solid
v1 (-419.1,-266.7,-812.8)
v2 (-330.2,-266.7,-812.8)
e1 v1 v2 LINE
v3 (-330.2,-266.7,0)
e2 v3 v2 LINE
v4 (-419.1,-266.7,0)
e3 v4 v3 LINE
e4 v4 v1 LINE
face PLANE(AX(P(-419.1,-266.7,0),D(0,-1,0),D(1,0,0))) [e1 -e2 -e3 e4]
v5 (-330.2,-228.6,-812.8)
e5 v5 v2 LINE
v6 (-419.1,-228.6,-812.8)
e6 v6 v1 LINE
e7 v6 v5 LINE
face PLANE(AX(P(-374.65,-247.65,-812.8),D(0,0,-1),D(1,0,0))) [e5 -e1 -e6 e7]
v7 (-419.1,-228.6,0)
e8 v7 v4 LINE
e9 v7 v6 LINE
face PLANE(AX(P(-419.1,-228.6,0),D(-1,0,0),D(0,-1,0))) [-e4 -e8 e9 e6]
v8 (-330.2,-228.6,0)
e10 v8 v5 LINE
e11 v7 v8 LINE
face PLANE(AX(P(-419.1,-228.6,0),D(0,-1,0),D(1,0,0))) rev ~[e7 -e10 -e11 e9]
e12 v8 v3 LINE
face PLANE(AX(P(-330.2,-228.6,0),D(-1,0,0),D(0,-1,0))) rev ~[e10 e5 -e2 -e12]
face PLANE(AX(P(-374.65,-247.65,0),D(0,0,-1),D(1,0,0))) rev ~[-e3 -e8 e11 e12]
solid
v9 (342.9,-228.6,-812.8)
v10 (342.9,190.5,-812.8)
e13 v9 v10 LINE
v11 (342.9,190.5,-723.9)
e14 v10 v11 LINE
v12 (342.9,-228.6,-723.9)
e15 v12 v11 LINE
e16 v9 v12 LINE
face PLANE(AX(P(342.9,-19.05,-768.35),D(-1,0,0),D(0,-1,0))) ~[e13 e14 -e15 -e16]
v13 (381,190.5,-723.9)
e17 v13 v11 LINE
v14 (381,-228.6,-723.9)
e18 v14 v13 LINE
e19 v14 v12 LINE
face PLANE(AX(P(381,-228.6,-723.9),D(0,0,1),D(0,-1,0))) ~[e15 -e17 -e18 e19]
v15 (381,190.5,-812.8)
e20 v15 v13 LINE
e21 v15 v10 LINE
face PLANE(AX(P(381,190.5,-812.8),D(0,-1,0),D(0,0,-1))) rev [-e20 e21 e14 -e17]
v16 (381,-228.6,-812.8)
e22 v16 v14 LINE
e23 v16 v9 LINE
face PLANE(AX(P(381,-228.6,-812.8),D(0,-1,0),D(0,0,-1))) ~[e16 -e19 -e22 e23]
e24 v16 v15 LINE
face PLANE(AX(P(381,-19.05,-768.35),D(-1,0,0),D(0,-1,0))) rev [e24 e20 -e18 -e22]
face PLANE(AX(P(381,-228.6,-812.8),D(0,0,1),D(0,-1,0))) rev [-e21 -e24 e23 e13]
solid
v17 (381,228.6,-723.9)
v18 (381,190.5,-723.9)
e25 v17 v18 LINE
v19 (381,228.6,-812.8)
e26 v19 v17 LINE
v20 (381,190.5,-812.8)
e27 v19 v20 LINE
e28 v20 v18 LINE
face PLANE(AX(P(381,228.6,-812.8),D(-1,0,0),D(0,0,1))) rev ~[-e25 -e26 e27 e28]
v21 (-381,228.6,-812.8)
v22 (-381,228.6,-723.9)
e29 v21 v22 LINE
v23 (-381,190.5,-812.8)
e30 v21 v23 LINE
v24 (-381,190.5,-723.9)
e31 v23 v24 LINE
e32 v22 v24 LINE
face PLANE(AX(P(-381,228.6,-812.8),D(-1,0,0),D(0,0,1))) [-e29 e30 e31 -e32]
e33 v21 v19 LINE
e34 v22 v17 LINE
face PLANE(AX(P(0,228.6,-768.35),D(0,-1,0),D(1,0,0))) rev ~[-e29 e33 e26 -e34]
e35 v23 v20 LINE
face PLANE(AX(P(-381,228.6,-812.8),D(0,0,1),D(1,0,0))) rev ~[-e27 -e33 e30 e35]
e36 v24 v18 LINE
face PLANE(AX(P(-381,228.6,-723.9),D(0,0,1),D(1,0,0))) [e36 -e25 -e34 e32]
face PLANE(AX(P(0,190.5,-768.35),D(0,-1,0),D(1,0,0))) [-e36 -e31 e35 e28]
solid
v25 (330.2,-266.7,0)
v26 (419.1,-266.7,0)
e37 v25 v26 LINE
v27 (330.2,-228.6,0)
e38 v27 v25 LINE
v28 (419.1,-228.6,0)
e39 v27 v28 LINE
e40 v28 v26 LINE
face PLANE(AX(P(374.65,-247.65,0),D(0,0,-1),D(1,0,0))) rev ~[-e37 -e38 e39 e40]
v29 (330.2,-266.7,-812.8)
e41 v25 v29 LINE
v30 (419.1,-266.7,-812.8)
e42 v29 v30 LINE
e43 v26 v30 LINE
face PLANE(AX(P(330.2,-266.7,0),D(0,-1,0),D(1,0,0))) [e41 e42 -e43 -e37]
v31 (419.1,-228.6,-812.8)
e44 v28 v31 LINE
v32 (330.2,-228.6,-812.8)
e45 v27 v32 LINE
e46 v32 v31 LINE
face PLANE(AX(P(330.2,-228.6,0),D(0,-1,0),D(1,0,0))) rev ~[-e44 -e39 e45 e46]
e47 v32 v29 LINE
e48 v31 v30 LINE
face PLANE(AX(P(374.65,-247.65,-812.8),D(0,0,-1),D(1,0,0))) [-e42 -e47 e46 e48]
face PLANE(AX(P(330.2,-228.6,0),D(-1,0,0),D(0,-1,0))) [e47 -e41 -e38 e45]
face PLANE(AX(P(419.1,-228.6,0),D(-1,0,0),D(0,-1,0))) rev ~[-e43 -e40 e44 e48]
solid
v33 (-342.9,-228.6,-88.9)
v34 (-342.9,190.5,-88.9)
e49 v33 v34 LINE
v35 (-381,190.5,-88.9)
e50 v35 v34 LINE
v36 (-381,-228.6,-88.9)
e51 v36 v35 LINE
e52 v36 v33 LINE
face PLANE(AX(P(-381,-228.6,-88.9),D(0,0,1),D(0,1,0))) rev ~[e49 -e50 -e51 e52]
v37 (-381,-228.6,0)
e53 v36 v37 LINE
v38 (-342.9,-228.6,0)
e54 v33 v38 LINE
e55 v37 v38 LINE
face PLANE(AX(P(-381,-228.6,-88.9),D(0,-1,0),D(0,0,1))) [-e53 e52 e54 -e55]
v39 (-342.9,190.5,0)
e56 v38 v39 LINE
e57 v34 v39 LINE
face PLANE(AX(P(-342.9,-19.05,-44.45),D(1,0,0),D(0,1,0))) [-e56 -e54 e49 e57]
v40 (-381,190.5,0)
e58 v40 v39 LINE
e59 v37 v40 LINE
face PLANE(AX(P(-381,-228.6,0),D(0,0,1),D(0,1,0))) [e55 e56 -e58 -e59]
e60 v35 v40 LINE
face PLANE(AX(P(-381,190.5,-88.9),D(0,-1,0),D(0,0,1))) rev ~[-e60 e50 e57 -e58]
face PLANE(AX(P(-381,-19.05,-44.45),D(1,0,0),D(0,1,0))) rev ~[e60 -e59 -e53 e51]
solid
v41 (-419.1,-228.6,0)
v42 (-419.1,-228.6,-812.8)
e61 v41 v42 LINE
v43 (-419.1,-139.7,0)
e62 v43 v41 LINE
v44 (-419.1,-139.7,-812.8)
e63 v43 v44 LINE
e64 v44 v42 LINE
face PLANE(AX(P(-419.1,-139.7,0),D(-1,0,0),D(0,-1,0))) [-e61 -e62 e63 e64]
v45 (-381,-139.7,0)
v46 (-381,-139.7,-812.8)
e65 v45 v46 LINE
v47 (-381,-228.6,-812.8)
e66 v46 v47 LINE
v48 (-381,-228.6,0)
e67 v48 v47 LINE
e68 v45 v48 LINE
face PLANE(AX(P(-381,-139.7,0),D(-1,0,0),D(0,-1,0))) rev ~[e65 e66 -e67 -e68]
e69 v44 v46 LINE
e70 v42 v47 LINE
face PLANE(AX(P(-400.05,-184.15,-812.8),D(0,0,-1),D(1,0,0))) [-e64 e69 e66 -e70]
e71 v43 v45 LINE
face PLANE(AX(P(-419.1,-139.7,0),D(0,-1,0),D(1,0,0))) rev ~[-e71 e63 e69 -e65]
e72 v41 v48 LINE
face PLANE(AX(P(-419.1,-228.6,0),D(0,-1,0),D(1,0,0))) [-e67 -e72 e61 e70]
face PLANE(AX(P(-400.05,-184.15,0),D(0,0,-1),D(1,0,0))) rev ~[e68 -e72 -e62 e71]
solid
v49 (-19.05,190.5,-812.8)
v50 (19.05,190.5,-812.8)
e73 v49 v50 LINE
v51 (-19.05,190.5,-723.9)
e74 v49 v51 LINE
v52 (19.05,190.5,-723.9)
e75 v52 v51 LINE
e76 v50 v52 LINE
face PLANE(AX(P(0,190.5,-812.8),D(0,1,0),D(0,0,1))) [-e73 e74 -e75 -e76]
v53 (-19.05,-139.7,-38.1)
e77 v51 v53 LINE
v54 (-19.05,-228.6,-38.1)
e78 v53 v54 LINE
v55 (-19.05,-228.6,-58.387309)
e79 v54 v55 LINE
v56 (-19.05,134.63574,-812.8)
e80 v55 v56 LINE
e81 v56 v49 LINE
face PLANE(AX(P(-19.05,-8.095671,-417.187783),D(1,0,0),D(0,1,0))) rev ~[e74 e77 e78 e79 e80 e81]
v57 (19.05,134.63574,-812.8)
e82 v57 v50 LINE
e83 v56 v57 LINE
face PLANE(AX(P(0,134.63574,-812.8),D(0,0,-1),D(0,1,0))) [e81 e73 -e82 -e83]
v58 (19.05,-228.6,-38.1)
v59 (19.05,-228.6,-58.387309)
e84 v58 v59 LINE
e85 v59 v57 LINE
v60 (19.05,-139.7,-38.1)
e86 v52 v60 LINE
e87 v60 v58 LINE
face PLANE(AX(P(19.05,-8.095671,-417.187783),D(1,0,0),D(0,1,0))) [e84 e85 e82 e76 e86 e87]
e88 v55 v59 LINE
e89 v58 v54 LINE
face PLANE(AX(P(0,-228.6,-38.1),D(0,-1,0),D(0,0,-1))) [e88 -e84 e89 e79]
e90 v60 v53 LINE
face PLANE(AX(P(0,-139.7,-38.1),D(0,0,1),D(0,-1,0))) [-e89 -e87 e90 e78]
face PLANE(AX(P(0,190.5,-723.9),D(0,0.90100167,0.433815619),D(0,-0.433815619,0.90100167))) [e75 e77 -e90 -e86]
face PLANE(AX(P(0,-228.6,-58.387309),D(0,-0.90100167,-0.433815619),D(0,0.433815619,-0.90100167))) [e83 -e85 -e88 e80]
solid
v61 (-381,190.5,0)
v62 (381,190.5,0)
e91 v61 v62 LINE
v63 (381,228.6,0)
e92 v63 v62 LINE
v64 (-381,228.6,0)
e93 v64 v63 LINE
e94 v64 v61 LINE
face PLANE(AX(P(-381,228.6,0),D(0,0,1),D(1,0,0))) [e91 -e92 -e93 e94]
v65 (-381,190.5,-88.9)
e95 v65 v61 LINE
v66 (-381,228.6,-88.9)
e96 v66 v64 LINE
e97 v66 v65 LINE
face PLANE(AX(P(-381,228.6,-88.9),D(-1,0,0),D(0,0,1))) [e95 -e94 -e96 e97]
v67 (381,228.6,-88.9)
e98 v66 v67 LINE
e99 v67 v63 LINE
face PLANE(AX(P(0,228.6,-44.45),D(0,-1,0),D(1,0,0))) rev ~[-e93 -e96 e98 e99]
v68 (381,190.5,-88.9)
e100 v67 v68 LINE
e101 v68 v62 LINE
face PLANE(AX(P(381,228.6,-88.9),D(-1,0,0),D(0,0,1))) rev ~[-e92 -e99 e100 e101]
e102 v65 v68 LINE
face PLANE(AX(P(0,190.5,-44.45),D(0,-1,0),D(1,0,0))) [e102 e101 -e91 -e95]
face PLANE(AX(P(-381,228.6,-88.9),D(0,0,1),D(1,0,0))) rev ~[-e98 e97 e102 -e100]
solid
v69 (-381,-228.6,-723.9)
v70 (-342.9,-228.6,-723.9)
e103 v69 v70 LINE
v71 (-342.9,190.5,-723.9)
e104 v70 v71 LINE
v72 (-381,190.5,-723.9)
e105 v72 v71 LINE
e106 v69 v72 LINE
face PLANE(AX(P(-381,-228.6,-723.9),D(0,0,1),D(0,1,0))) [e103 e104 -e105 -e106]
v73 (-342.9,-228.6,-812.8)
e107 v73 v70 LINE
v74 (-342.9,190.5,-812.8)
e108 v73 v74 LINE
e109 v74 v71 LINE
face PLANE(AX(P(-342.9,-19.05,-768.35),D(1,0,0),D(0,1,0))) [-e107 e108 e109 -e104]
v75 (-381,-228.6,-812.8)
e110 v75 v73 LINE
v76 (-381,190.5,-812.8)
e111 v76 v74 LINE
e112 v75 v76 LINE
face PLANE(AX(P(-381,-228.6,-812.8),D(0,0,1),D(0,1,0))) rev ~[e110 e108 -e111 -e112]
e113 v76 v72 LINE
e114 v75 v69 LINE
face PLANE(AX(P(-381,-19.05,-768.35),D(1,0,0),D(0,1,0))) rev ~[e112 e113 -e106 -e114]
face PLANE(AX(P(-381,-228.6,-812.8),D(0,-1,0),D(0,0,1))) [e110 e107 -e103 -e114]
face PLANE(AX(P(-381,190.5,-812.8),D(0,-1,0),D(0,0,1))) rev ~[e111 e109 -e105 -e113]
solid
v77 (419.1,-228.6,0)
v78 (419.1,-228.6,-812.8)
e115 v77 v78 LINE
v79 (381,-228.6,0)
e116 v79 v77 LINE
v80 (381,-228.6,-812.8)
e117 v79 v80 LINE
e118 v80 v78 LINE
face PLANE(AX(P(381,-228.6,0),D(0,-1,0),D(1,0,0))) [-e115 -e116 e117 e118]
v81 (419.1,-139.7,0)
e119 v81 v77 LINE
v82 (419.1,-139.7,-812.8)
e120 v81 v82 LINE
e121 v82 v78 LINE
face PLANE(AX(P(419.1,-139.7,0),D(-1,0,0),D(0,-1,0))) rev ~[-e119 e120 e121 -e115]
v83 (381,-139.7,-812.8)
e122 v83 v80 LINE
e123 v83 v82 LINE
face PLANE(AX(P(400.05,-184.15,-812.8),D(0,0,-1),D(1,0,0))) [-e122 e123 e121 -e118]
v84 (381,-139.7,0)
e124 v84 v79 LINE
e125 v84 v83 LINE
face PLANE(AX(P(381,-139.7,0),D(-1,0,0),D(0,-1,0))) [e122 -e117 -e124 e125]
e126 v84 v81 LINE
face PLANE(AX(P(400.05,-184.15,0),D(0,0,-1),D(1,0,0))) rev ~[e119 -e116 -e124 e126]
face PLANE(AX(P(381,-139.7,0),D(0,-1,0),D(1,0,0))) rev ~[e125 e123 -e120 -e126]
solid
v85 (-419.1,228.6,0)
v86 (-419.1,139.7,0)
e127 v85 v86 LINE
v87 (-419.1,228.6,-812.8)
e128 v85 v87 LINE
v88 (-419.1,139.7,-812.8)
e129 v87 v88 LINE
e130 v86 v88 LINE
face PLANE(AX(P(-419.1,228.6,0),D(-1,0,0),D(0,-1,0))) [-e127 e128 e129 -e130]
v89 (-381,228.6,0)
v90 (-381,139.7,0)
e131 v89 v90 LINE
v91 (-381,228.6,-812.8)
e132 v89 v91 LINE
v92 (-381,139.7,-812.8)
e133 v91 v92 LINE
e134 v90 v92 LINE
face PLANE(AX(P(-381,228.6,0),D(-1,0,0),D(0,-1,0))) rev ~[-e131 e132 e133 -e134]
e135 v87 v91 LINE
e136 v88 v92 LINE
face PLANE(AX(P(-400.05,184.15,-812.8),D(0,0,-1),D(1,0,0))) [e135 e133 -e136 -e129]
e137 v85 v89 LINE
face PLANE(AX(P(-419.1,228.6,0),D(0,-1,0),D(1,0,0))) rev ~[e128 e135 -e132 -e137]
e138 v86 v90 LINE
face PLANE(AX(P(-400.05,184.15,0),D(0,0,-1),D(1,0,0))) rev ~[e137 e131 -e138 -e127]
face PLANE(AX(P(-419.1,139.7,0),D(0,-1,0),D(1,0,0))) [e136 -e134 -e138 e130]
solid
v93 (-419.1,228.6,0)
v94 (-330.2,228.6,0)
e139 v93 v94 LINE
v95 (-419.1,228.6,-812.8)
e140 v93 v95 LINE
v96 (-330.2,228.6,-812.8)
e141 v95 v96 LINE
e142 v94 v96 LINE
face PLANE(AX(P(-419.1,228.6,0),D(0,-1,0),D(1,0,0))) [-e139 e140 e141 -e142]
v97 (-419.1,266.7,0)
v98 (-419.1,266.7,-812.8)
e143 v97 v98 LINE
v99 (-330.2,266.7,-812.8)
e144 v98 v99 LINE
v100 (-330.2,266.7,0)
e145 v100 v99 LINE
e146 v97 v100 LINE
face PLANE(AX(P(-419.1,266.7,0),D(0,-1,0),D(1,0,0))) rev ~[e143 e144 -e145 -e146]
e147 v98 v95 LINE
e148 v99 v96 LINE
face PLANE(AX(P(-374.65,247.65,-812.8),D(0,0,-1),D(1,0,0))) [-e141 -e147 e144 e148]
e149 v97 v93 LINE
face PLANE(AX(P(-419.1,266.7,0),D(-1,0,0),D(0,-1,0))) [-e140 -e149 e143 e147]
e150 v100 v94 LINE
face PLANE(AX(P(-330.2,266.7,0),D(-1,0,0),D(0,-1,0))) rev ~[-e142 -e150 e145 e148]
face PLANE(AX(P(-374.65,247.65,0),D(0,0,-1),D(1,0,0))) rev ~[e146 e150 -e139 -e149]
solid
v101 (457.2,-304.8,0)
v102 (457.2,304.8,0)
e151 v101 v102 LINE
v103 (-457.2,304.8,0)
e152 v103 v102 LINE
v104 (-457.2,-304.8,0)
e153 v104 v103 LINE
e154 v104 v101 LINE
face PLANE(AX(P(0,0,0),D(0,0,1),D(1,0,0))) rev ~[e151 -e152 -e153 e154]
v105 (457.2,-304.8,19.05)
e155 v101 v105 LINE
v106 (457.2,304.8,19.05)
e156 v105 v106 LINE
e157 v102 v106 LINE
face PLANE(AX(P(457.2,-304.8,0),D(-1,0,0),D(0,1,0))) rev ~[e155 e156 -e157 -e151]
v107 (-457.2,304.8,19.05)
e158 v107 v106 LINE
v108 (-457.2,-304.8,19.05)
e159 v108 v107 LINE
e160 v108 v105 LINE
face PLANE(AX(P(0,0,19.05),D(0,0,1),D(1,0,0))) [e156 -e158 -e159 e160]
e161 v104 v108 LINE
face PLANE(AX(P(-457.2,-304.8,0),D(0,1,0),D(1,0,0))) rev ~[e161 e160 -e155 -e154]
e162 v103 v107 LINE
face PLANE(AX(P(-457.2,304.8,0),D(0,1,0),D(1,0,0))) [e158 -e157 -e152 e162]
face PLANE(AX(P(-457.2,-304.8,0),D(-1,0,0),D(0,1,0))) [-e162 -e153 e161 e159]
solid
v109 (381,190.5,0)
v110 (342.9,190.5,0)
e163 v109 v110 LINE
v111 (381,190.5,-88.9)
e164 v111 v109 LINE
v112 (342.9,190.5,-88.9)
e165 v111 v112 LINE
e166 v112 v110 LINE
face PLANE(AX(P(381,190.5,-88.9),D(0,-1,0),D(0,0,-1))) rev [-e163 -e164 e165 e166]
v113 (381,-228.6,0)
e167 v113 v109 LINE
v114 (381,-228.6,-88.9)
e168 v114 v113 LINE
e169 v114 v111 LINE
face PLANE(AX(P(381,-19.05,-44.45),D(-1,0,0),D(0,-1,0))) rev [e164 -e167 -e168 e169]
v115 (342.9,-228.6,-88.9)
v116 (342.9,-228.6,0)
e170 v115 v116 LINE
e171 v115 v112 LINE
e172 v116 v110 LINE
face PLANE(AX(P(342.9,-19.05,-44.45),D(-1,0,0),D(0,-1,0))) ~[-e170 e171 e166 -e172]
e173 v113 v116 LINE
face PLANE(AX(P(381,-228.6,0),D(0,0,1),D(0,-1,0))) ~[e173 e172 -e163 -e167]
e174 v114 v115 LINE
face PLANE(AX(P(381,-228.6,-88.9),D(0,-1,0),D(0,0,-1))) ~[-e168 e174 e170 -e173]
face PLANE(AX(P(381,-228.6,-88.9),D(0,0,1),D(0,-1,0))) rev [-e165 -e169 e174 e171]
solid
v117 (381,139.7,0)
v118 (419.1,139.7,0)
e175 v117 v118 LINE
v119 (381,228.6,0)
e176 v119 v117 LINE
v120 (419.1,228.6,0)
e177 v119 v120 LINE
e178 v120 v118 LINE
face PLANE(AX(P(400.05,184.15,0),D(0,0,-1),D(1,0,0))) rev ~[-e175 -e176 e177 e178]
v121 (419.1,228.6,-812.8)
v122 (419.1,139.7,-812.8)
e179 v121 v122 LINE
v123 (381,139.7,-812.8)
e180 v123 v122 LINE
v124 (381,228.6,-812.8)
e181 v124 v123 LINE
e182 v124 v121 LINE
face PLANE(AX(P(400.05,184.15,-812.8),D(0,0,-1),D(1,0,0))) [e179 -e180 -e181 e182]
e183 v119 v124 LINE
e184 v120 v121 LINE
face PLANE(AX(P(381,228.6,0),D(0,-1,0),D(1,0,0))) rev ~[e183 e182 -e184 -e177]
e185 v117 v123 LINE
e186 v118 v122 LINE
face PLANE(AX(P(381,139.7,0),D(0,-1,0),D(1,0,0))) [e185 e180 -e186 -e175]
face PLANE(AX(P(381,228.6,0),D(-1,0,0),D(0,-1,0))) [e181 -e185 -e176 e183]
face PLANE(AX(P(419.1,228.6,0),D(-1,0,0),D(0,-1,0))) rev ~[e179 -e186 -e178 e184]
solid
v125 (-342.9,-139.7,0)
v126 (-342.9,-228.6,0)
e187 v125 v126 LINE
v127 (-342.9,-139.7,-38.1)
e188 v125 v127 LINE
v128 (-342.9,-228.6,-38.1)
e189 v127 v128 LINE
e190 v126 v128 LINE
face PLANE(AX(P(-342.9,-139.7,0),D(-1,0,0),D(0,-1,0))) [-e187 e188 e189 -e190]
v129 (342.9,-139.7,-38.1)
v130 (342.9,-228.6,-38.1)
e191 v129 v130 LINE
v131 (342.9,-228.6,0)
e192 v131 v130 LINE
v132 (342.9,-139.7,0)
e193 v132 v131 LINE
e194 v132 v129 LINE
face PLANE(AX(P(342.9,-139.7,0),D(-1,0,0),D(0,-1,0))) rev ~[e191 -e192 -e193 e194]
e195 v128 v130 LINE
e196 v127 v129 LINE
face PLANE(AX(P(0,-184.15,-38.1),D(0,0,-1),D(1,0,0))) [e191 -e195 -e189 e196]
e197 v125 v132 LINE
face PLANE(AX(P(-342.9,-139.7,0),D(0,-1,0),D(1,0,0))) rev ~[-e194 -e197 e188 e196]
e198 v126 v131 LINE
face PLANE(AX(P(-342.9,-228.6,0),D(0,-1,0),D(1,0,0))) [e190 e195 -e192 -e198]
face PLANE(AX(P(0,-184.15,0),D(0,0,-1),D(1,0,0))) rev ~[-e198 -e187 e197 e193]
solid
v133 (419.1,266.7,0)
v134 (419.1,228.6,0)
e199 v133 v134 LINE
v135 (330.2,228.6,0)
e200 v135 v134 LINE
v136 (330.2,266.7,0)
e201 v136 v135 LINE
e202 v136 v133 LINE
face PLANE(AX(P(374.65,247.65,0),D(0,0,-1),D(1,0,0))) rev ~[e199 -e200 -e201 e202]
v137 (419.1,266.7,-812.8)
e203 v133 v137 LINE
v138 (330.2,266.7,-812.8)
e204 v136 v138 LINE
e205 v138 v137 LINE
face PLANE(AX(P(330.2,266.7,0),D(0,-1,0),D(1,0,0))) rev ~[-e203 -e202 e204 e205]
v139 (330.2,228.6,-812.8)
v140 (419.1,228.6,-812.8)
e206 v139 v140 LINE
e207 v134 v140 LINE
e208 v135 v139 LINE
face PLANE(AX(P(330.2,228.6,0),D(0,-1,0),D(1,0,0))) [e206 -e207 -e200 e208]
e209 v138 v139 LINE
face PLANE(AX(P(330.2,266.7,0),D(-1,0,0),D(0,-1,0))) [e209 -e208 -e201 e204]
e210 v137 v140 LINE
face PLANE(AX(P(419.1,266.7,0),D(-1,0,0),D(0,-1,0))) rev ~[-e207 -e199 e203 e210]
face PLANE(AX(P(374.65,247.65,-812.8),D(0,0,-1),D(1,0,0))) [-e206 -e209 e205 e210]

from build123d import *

# Parameters (mm, degrees)
F0_W      = 914.4
F0_H      = 609.6
F1_DEPTH  = 19.05
F2_W      = 88.9
F2_H      = 38.1
F3_DEPTH  = 812.8
F4_W      = 38.1
F4_H      = 88.9
F5_DEPTH  = 812.8
F6_W      = 762
F6_H      = 88.9
F7_DEPTH  = 38.1
F8_W      = 419.1
F8_H      = 88.9
F9_DEPTH  = 38.1
F11_W     = 685.8
F11_H     = 88.9
F12_DEPTH = 38.1
F14_DEPTH = 19.05


with BuildPart() as f1:
    # F0 (on Top) → F1 (new body)
    with BuildSketch(Plane.XY):
        Rectangle(F0_W, F0_H)
    extrude(amount=F1_DEPTH)


with BuildPart() as f3:
    # F2 (on face) → F3 (new body)
    with BuildSketch(Plane(origin=(0, 0, 0), x_dir=(1, 0, 0), z_dir=(0, 0, -1))):
        with Locations((-374.65, 247.65)):
            Rectangle(F2_W, F2_H)
        with Locations((-374.65, -247.65)):
            Rectangle(F2_W, F2_H)
        with Locations((374.65, 247.65)):
            Rectangle(F2_W, F2_H)
        with Locations((374.65, -247.65)):
            Rectangle(F2_W, F2_H)
    extrude(amount=F3_DEPTH)


with BuildPart() as f5:
    # F4 (on face) → F5 (new body, through all)
    with BuildSketch(Plane(origin=(0, 0, 0), x_dir=(1, 0, 0), z_dir=(0, 0, -1))):
        with Locations((-400.05, 184.15)):
            Rectangle(F4_W, F4_H)
        with Locations((-400.05, -184.15)):
            Rectangle(F4_W, F4_H)
        with Locations((400.05, 184.15)):
            Rectangle(F4_W, F4_H)
        with Locations((400.05, -184.15)):
            Rectangle(F4_W, F4_H)
    extrude(amount=F5_DEPTH)


with BuildPart() as f7:
    # F6 (on face) → F7 (new body)
    with BuildSketch(Plane.XZ.offset(-228.6)):
        with Locations((0, -44.45)):
            Rectangle(F6_W, F6_H)
        with Locations((0, -768.35)):
            Rectangle(F6_W, F6_H)
    extrude(amount=F7_DEPTH)


with BuildPart() as f9:
    # F8 (on face) → F9 (new body)
    with BuildSketch(Plane.YZ.offset(-381)):
        with Locations((-19.05, -44.45)):
            Rectangle(F8_W, F8_H)
        with Locations((-19.05, -768.35)):
            Rectangle(F8_W, F8_H)
    extrude(amount=F9_DEPTH)


with BuildPart() as f10_1:
    # F10: instance of F9
    add(f9.part.mirror(Plane.YZ))


with BuildPart() as f12:
    # F11 (on face) → F12 (new body)
    with BuildSketch(Plane(origin=(0, 0, 0), x_dir=(1, 0, 0), z_dir=(0, 0, -1))):
        with Locations((0, 184.15)):
            Rectangle(F11_W, F11_H)
    extrude(amount=F12_DEPTH)


with BuildPart() as f14:
    # F13 (on Right) → F14 (new body, symmetric)
    with BuildSketch(Plane.YZ):
        Polygon((-228.6, -38.1), (-228.6, -58.387309), (134.63574, -812.8), (190.5, -812.8), (190.5, -723.9), (-139.7, -38.1), align=None)
    extrude(amount=F14_DEPTH, both=True)


solid = Compound([f1.part, f3.part, f5.part, f7.part, f9.part, f10_1.part, f12.part, f14.part])
